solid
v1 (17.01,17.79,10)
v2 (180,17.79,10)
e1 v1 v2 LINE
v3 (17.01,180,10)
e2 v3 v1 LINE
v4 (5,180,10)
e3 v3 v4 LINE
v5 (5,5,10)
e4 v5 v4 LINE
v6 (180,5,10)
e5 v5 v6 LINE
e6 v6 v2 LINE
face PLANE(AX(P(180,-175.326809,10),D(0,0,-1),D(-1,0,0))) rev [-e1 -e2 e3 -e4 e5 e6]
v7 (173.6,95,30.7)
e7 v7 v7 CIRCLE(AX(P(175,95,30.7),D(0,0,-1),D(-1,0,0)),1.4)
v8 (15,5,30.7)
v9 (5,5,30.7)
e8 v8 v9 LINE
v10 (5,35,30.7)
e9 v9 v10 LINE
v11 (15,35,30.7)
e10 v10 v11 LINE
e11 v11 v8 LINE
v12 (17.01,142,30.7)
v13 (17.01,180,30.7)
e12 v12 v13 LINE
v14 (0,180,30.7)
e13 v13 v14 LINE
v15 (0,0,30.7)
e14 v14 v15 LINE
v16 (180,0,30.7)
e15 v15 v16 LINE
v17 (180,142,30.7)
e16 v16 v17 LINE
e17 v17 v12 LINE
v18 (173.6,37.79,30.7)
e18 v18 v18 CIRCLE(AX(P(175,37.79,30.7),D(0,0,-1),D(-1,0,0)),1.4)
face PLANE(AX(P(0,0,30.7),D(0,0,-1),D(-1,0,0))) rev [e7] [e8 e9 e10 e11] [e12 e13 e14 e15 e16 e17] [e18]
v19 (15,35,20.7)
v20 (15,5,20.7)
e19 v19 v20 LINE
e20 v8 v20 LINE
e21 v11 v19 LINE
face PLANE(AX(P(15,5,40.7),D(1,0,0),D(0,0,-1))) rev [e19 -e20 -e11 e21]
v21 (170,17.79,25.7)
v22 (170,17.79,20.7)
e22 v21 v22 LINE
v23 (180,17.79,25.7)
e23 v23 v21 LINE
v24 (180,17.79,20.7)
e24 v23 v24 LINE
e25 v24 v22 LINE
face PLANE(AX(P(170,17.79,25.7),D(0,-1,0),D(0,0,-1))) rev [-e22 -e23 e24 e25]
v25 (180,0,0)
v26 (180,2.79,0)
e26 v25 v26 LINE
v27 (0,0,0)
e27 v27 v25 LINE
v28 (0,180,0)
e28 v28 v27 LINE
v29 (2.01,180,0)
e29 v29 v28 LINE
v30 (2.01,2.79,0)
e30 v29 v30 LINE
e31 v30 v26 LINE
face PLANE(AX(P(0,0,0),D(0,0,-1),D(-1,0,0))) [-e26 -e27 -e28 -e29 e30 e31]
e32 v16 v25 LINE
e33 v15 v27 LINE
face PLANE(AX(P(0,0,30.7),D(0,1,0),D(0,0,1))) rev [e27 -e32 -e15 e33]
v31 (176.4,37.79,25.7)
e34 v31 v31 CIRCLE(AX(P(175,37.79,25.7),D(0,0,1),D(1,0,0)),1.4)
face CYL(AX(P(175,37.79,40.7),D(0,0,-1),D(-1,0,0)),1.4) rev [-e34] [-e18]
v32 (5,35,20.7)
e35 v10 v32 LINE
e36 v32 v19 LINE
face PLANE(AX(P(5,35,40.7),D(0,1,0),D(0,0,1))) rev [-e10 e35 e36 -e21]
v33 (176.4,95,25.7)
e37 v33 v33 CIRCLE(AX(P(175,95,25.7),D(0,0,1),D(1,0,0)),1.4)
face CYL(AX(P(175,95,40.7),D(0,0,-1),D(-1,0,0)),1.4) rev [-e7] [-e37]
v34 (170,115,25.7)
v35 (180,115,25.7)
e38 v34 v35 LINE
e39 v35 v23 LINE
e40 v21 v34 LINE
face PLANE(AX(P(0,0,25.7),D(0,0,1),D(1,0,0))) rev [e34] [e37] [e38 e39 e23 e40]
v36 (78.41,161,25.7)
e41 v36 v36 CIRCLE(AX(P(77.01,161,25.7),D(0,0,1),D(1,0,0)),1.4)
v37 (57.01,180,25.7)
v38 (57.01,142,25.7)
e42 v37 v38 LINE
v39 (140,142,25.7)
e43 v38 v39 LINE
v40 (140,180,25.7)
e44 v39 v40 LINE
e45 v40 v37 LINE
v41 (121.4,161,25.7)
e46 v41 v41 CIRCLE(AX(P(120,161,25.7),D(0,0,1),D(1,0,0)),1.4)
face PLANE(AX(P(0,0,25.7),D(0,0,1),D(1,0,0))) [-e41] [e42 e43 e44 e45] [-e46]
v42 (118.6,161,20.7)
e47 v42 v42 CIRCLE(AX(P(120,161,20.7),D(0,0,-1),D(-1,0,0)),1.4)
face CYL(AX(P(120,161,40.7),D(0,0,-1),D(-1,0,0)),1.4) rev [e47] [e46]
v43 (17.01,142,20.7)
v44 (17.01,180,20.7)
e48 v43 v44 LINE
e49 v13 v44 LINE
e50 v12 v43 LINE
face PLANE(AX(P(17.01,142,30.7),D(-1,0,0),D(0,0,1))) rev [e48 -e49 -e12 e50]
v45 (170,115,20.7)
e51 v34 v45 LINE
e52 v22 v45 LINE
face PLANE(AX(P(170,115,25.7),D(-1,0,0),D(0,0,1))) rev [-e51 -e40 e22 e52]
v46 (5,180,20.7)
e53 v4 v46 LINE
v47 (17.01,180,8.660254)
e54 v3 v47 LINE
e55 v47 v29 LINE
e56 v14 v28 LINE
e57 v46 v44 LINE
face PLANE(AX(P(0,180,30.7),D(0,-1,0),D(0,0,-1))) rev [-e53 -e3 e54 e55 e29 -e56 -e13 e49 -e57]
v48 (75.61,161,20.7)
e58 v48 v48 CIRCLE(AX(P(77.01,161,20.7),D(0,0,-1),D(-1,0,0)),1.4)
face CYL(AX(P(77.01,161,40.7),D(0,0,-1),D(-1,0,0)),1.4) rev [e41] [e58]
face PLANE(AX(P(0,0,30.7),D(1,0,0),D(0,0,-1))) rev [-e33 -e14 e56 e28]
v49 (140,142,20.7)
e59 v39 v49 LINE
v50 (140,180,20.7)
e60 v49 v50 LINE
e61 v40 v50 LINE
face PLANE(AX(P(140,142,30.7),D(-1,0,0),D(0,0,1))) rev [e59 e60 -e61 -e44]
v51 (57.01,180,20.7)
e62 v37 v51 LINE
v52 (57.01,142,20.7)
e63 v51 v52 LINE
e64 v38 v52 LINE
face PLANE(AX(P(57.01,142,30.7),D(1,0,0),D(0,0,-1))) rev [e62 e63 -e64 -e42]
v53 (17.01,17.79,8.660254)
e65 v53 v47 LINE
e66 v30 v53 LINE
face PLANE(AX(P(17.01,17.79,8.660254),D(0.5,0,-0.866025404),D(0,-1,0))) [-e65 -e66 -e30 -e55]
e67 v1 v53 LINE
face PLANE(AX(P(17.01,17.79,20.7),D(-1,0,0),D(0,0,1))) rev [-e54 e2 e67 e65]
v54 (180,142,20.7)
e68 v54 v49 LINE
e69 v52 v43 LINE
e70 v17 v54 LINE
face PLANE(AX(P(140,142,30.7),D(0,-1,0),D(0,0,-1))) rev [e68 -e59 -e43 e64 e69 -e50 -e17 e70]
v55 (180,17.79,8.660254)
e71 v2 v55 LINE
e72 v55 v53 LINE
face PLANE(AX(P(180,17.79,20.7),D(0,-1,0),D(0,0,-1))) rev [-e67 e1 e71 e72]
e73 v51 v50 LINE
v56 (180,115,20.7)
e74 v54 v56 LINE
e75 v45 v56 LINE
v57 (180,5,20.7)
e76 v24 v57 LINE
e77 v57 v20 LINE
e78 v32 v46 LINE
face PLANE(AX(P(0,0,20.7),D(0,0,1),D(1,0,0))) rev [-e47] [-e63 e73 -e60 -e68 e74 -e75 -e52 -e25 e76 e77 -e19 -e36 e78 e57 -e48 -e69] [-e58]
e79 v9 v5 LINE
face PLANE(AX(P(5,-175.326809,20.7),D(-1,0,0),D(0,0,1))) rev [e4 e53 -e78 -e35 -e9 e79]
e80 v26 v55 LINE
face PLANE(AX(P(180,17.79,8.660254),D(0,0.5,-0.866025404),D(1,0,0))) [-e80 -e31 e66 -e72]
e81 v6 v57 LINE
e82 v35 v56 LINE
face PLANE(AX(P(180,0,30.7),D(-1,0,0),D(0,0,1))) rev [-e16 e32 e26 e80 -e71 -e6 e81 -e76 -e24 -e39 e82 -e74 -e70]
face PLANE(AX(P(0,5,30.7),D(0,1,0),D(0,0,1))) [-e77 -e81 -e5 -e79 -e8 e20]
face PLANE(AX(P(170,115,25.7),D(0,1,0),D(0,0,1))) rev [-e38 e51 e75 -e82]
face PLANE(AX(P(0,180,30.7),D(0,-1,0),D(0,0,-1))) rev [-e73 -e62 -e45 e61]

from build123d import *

# Parameters (mm, degrees)
CROQUIS1_W              = 180
CROQUIS1_H              = 180
SALIENTE_EXTRUIR1_DEPTH = 30.7
CROQUIS2_W              = 162.99
CROQUIS2_H              = 162.21
CORTAR_EXTRUIR1_DEPTH   = 20.7
CROQUIS4_W              = 175
CROQUIS4_H              = 10.7
CORTAR_EXTRUIR2_DEPTH   = 175
CROQUIS5_W              = 40
CROQUIS5_H              = 38
CORTAR_EXTRUIR3_DEPTH   = 10
CROQUIS6_W              = 82.99
CROQUIS6_H              = 38
CORTAR_EXTRUIR4_DEPTH   = 5
CROQUIS7_W              = 10
CROQUIS7_H              = 97.21
CORTAR_EXTRUIR5_DEPTH   = 5
CROQUIS8_W              = 10
CROQUIS8_H              = 30
CORTAR_EXTRUIR6_DEPTH   = 20
CROQUIS9_R              = 1.4
CORTAR_EXTRUIR7_DEPTH   = 20
CHAFL_N1_SIZE           = 15
CHAFL_N1_SIZE2          = 8.660254038


with BuildPart() as part:
    # Croquis1 → Saliente-Extruir1 (new body)
    with BuildSketch(Plane.XY):
        with Locations((90, 90)):
            Rectangle(CROQUIS1_W, CROQUIS1_H)
    extrude(amount=SALIENTE_EXTRUIR1_DEPTH)

    # Croquis2 → Cortar-Extruir1 (cut)
    with BuildSketch(Plane(origin=(0, 0, 0), x_dir=(-1, 0, 0), z_dir=(0, 0, -1))):
        with Locations((-98.505, 98.895)):
            Rectangle(CROQUIS2_W, CROQUIS2_H)
    extrude(amount=-CORTAR_EXTRUIR1_DEPTH, mode=Mode.SUBTRACT)

    # Croquis4 → Cortar-Extruir2 (cut)
    with BuildSketch(Plane(origin=(0, 180, 0), x_dir=(1, 0, 0), z_dir=(0, 1, 0))):
        with Locations((92.5, -15.35)):
            Rectangle(CROQUIS4_W, CROQUIS4_H)
    extrude(amount=-CORTAR_EXTRUIR2_DEPTH, mode=Mode.SUBTRACT)

    # Croquis5 → Cortar-Extruir3 (cut)
    with BuildSketch(Plane(origin=(0, 0, 20.7), x_dir=(-1, 0, 0), z_dir=(0, 0, -1))):
        with Locations((-160, 161)):
            Rectangle(CROQUIS5_W, CROQUIS5_H)
        with Locations((-37.01, 161)):
            Rectangle(CROQUIS5_W, CROQUIS5_H)
    extrude(amount=-CORTAR_EXTRUIR3_DEPTH, mode=Mode.SUBTRACT)

    # Croquis6 → Cortar-Extruir4 (cut)
    with BuildSketch(Plane.XY.offset(30.7)):
        with Locations((98.505, 161)):
            Rectangle(CROQUIS6_W, CROQUIS6_H)
    extrude(amount=-CORTAR_EXTRUIR4_DEPTH, mode=Mode.SUBTRACT)

    # Croquis7 → Cortar-Extruir5 (cut)
    with BuildSketch(Plane(origin=(0, 0, 20.7), x_dir=(-1, 0, 0), z_dir=(0, 0, -1))):
        with Locations((-175, 66.395)):
            Rectangle(CROQUIS7_W, CROQUIS7_H)
    extrude(amount=-CORTAR_EXTRUIR5_DEPTH, mode=Mode.SUBTRACT)

    # Croquis8 → Cortar-Extruir6 (cut)
    with BuildSketch(Plane(origin=(0, 0, 20.7), x_dir=(-1, 0, 0), z_dir=(0, 0, -1))):
        with Locations((-10, 20)):
            Rectangle(CROQUIS8_W, CROQUIS8_H)
    extrude(amount=-CORTAR_EXTRUIR6_DEPTH, mode=Mode.SUBTRACT)

    # Croquis9 → Cortar-Extruir7 (cut)
    with BuildSketch(Plane(origin=(0, 0, 20.7), x_dir=(-1, 0, 0), z_dir=(0, 0, -1))):
        with Locations((-120, 161)):
            Circle(CROQUIS9_R)
        with Locations((-77.01, 161)):
            Circle(CROQUIS9_R)
        with Locations((-175, 95)):
            Circle(CROQUIS9_R)
        with Locations((-175, 37.79)):
            Circle(CROQUIS9_R)
    extrude(amount=-CORTAR_EXTRUIR7_DEPTH, mode=Mode.SUBTRACT)

    # Chaflán1
    chafl_n1_edges = [part.edges().sort_by_distance(p)[0] for p in [
        (98.505, 17.79, 0),
        (17.01, 98.895, 0),
    ]]
    chafl_n1_side = [part.faces().sort_by_distance(p)[0] for p in [
        (2.545584412, 90, 0),
    ]]
    chamfer(chafl_n1_edges, length=CHAFL_N1_SIZE, length2=CHAFL_N1_SIZE2, reference=chafl_n1_side[0])


solid = part.part
